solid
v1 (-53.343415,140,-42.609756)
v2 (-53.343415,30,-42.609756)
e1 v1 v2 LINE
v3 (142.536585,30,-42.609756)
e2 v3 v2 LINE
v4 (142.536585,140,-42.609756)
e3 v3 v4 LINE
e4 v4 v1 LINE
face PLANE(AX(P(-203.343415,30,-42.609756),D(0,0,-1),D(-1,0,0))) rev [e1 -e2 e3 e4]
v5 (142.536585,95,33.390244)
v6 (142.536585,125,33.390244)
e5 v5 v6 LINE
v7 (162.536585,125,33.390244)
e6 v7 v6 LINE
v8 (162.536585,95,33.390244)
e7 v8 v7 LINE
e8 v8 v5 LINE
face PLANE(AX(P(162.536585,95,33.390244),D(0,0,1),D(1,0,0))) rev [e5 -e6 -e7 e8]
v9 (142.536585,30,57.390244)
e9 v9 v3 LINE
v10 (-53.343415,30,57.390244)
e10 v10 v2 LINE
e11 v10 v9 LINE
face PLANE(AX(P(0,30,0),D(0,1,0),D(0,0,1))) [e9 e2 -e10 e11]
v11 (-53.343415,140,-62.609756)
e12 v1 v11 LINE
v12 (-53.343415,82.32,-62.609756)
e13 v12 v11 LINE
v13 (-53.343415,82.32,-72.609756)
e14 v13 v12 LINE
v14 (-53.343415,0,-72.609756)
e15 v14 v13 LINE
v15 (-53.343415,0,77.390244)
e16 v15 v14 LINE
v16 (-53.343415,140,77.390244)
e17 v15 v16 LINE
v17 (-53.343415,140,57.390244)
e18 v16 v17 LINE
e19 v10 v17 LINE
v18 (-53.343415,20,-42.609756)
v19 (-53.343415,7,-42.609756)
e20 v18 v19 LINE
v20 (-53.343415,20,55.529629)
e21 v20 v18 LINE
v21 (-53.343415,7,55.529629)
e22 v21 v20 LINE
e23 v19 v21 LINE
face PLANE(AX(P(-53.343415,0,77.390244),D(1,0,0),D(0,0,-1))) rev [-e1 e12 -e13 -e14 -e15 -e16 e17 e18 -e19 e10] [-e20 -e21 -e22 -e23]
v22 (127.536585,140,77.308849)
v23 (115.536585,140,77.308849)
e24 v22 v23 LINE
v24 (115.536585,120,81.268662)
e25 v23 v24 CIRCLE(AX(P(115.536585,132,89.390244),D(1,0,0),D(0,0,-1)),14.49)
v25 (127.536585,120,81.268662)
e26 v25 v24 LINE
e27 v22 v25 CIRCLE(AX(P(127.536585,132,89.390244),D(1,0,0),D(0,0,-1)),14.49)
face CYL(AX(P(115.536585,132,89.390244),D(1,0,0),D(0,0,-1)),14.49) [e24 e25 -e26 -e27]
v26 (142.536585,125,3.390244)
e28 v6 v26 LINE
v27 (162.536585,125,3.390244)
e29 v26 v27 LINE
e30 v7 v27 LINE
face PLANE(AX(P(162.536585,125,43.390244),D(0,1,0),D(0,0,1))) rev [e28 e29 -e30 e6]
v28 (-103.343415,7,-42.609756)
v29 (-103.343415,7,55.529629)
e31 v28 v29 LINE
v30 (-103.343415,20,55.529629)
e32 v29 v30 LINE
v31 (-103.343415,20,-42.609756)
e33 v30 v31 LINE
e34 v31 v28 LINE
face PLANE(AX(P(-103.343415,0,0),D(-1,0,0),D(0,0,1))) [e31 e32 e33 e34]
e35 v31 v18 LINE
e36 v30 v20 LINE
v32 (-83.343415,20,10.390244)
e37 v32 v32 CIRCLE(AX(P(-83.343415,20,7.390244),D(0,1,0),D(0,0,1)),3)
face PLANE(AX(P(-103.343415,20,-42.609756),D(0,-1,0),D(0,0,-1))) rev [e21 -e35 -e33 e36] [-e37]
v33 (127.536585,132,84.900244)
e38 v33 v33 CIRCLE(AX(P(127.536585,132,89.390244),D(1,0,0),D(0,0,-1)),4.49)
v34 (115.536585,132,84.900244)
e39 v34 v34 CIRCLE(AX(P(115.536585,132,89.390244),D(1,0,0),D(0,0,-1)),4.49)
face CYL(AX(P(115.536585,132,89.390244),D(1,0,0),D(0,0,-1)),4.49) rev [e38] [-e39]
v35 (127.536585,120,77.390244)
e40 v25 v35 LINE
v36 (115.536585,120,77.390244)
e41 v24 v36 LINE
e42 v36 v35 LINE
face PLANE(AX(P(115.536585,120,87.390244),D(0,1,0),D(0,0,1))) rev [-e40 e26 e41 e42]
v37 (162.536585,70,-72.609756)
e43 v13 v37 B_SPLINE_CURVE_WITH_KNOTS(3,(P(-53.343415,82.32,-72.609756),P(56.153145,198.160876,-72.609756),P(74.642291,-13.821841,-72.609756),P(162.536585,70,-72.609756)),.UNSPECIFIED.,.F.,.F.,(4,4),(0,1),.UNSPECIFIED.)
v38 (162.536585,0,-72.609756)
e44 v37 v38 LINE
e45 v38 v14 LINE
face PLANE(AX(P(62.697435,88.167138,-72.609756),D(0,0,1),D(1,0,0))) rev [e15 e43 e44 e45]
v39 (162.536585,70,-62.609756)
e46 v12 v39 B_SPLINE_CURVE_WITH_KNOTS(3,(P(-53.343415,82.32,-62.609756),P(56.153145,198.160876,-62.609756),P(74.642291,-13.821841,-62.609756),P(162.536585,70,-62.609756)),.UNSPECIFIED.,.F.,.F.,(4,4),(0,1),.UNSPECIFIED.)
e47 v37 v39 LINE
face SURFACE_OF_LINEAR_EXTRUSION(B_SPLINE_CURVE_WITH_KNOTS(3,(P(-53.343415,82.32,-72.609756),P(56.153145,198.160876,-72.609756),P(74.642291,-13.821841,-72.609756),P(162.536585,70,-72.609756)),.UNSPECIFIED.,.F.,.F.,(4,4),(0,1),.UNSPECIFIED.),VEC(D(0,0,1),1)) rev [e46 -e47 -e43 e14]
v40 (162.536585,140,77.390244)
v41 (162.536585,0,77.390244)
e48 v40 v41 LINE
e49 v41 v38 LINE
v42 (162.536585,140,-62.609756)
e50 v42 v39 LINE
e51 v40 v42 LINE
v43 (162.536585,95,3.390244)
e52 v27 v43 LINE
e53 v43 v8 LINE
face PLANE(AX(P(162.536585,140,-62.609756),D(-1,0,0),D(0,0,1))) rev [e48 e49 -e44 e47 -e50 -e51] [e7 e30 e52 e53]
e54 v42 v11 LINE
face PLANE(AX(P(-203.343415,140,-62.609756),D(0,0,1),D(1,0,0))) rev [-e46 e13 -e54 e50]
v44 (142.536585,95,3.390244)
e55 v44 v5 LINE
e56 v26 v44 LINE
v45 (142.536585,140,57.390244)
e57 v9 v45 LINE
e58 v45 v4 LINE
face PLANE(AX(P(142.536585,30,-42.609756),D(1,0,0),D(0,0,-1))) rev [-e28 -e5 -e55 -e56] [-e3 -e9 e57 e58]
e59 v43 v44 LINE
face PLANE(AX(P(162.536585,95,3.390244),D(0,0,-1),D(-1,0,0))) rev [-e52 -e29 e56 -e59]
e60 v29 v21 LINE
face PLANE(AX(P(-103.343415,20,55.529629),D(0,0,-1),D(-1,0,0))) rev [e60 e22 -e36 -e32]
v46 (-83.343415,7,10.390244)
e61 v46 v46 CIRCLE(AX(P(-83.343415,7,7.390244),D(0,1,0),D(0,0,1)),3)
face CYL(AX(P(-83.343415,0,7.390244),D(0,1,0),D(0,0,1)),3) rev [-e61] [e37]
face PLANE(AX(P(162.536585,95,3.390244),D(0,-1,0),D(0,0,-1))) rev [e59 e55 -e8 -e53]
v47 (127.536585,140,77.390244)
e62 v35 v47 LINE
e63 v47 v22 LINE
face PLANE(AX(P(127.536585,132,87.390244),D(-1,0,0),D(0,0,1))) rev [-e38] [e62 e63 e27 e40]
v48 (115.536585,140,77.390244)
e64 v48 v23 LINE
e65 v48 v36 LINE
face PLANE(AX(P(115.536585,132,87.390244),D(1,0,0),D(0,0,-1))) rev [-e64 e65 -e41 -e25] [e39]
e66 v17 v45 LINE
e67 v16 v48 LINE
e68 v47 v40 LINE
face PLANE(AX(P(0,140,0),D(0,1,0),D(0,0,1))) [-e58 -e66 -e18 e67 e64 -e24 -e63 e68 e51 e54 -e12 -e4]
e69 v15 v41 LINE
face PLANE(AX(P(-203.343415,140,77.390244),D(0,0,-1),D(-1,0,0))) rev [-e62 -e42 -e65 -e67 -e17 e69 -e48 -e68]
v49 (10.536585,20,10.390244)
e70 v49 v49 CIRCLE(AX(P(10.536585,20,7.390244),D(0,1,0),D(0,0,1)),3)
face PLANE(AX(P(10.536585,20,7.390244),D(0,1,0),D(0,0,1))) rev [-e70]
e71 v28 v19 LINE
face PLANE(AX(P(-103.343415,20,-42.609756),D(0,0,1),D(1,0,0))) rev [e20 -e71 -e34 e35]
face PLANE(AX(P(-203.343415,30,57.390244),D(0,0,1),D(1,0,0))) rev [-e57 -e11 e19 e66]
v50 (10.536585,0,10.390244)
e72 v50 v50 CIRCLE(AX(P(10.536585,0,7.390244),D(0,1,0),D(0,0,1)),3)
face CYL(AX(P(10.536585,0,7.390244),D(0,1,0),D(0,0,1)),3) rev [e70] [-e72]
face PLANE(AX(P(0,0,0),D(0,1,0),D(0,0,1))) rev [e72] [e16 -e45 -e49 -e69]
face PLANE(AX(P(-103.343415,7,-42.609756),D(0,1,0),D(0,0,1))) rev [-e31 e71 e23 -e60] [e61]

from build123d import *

# Parameters (mm, degrees)
SKETCH_1_W           = 365.88
SKETCH_1_H           = 140
EXTRUDE_1_DEPTH      = 140
SKETCH_2_W           = 345.88
SKETCH_2_H           = 100
CUT_EXTRUDE_1_DEPTH  = 110
SKETCH_8_W           = 12
SKETCH_8_H           = 12
EXTRUDE_2_DEPTH      = 10
SKETCH_9_R           = 14.49
SKETCH_9_R_2         = 4.49
EXTRUDE_1_2_DEPTH    = 12
SKETCH_11_R          = 4.49
CUT_EXTRUDE_5_DEPTH  = 377.473106042
SKETCH_13_W          = 150
SKETCH_13_H          = 140
CUT_EXTRUDE_7_DEPTH  = 268.84258315
SKETCH_14_W          = 98.139384751
SKETCH_14_H          = 13
EXTRUDE_3_DEPTH      = 50
SKETCH_15_R          = 3
CUT_EXTRUDE_8_DEPTH  = 231.670688982
EXTRUDE_4_DEPTH      = 10
SKETCH_22_W          = 30
SKETCH_22_H          = 45
CUT_EXTRUDE_9_DEPTH  = 305.478898404
SKETCH_26_W          = 20
SKETCH_26_H          = 15
EXTRUDE_6_DEPTH      = 40
SKETCH_30_R          = 3
CUT_EXTRUDE_10_DEPTH = 231.670689053


with BuildPart() as part:
    # 草圖1 → Extrude 1 (new body)
    with BuildSketch(Plane(origin=(0, 0, 0), x_dir=(1, 0, 0), z_dir=(0, 1, 0))):
        with Locations((-20.403414634, -7.390243902)):
            Rectangle(SKETCH_1_W, SKETCH_1_H)
    extrude(amount=EXTRUDE_1_DEPTH)

    # 草圖2 → 除料-伸長1 (cut)
    with BuildSketch(Plane(origin=(0, 140, 0), x_dir=(1, 0, 0), z_dir=(0, 1, 0))):
        with Locations((-30.403414634, -7.390243902)):
            Rectangle(SKETCH_2_W, SKETCH_2_H)
    extrude(amount=-CUT_EXTRUDE_1_DEPTH, mode=Mode.SUBTRACT)

    # 草圖8 → 填料-伸長2 (add)
    with BuildSketch(Plane.XY.offset(77.390243902)):
        with Locations((121.536585366, 126)):
            Rectangle(SKETCH_8_W, SKETCH_8_H)
    extrude(amount=EXTRUDE_2_DEPTH)

    # 草圖9 → Extrude 1 2 (add)
    with BuildSketch(Plane(origin=(127.536585366, 0, 0), x_dir=(0, 0, -1), z_dir=(1, 0, 0))):
        with Locations((-89.390243902, 132)):
            Circle(SKETCH_9_R)
        with Locations((-89.390243902, 132)):
            Circle(SKETCH_9_R_2, mode=Mode.SUBTRACT)
    extrude(amount=-EXTRUDE_1_2_DEPTH)

    # 草圖11 → 除料-伸長5 (cut, through all)
    with BuildSketch(Plane(origin=(127.536585366, 0, 0), x_dir=(0, 0, -1), z_dir=(1, 0, 0))):
        with Locations((-89.390243902, 132)):
            Circle(SKETCH_11_R)
    extrude(amount=-CUT_EXTRUDE_5_DEPTH, mode=Mode.SUBTRACT)

    # 草圖13 → 除料-伸長7 (cut, through all)
    with BuildSketch(Plane(origin=(0, 140, 0), x_dir=(1, 0, 0), z_dir=(0, 1, 0))):
        with Locations((-128.343414634, -7.390243902)):
            Rectangle(SKETCH_13_W, SKETCH_13_H)
    extrude(amount=-CUT_EXTRUDE_7_DEPTH, mode=Mode.SUBTRACT)

    # 草圖14 → 填料-伸長3 (add)
    with BuildSketch(Plane.ZY.offset(53.343414634)):
        with Locations((6.459936277, 13.5)):
            Rectangle(SKETCH_14_W, SKETCH_14_H)
    extrude(amount=EXTRUDE_3_DEPTH)

    # 草圖15 → 除料-伸長8 (cut, through all)
    with BuildSketch(Plane(origin=(0, 20, 0), x_dir=(1, 0, 0), z_dir=(0, 1, 0))):
        with Locations(Location((10.536585366, -7.390243902, 0), (0, 0, 270))):
            Circle(SKETCH_15_R)
    extrude(amount=-CUT_EXTRUDE_8_DEPTH, mode=Mode.SUBTRACT)

    # 草圖16 → 填料-伸長4 (add)
    with BuildSketch(Plane(origin=(0, 0, -62.609756098), x_dir=(-1, 0, 0), z_dir=(0, 0, -1))):
        with BuildLine():
            Line((-162.536585366, 70), (-162.536585366, 0))
            Line((-162.536585366, 0), (53.343414634, 0))
            Line((53.343414634, 0), (53.343414634, 82.32))
            add(Edge.make_bspline(
                [(53.343414634, 82.32), (-56.153144995, 198.160876335), (-74.64229081, -13.821841175), (-162.536585366, 70)],
                knots=[0, 0, 0, 0, 1, 1, 1, 1], degree=3))
        make_face()
    extrude(amount=EXTRUDE_4_DEPTH)

    # 草圖22 → 除料-伸長9 (cut, through all)
    with BuildSketch(Plane.ZY.offset(-142.536585366)):
        with Locations((18.390243902, 117.5)):
            Rectangle(SKETCH_22_W, SKETCH_22_H)
    extrude(amount=-CUT_EXTRUDE_9_DEPTH, mode=Mode.SUBTRACT)

    # 草圖26 → 填料-伸長6 (add)
    with BuildSketch(Plane.XY.offset(3.390243902)):
        with Locations((152.536585366, 132.5)):
            Rectangle(SKETCH_26_W, SKETCH_26_H)
    extrude(amount=EXTRUDE_6_DEPTH)

    # 草圖30 → 除料-伸長10 (cut, through all)
    with BuildSketch(Plane(origin=(0, 20, 0), x_dir=(1, 0, 0), z_dir=(0, 1, 0))):
        with Locations(Location((-83.343414634, -7.390243902, 0), (0, 0, 270))):
            Circle(SKETCH_30_R)
    extrude(amount=-CUT_EXTRUDE_10_DEPTH, mode=Mode.SUBTRACT)


solid = part.part
